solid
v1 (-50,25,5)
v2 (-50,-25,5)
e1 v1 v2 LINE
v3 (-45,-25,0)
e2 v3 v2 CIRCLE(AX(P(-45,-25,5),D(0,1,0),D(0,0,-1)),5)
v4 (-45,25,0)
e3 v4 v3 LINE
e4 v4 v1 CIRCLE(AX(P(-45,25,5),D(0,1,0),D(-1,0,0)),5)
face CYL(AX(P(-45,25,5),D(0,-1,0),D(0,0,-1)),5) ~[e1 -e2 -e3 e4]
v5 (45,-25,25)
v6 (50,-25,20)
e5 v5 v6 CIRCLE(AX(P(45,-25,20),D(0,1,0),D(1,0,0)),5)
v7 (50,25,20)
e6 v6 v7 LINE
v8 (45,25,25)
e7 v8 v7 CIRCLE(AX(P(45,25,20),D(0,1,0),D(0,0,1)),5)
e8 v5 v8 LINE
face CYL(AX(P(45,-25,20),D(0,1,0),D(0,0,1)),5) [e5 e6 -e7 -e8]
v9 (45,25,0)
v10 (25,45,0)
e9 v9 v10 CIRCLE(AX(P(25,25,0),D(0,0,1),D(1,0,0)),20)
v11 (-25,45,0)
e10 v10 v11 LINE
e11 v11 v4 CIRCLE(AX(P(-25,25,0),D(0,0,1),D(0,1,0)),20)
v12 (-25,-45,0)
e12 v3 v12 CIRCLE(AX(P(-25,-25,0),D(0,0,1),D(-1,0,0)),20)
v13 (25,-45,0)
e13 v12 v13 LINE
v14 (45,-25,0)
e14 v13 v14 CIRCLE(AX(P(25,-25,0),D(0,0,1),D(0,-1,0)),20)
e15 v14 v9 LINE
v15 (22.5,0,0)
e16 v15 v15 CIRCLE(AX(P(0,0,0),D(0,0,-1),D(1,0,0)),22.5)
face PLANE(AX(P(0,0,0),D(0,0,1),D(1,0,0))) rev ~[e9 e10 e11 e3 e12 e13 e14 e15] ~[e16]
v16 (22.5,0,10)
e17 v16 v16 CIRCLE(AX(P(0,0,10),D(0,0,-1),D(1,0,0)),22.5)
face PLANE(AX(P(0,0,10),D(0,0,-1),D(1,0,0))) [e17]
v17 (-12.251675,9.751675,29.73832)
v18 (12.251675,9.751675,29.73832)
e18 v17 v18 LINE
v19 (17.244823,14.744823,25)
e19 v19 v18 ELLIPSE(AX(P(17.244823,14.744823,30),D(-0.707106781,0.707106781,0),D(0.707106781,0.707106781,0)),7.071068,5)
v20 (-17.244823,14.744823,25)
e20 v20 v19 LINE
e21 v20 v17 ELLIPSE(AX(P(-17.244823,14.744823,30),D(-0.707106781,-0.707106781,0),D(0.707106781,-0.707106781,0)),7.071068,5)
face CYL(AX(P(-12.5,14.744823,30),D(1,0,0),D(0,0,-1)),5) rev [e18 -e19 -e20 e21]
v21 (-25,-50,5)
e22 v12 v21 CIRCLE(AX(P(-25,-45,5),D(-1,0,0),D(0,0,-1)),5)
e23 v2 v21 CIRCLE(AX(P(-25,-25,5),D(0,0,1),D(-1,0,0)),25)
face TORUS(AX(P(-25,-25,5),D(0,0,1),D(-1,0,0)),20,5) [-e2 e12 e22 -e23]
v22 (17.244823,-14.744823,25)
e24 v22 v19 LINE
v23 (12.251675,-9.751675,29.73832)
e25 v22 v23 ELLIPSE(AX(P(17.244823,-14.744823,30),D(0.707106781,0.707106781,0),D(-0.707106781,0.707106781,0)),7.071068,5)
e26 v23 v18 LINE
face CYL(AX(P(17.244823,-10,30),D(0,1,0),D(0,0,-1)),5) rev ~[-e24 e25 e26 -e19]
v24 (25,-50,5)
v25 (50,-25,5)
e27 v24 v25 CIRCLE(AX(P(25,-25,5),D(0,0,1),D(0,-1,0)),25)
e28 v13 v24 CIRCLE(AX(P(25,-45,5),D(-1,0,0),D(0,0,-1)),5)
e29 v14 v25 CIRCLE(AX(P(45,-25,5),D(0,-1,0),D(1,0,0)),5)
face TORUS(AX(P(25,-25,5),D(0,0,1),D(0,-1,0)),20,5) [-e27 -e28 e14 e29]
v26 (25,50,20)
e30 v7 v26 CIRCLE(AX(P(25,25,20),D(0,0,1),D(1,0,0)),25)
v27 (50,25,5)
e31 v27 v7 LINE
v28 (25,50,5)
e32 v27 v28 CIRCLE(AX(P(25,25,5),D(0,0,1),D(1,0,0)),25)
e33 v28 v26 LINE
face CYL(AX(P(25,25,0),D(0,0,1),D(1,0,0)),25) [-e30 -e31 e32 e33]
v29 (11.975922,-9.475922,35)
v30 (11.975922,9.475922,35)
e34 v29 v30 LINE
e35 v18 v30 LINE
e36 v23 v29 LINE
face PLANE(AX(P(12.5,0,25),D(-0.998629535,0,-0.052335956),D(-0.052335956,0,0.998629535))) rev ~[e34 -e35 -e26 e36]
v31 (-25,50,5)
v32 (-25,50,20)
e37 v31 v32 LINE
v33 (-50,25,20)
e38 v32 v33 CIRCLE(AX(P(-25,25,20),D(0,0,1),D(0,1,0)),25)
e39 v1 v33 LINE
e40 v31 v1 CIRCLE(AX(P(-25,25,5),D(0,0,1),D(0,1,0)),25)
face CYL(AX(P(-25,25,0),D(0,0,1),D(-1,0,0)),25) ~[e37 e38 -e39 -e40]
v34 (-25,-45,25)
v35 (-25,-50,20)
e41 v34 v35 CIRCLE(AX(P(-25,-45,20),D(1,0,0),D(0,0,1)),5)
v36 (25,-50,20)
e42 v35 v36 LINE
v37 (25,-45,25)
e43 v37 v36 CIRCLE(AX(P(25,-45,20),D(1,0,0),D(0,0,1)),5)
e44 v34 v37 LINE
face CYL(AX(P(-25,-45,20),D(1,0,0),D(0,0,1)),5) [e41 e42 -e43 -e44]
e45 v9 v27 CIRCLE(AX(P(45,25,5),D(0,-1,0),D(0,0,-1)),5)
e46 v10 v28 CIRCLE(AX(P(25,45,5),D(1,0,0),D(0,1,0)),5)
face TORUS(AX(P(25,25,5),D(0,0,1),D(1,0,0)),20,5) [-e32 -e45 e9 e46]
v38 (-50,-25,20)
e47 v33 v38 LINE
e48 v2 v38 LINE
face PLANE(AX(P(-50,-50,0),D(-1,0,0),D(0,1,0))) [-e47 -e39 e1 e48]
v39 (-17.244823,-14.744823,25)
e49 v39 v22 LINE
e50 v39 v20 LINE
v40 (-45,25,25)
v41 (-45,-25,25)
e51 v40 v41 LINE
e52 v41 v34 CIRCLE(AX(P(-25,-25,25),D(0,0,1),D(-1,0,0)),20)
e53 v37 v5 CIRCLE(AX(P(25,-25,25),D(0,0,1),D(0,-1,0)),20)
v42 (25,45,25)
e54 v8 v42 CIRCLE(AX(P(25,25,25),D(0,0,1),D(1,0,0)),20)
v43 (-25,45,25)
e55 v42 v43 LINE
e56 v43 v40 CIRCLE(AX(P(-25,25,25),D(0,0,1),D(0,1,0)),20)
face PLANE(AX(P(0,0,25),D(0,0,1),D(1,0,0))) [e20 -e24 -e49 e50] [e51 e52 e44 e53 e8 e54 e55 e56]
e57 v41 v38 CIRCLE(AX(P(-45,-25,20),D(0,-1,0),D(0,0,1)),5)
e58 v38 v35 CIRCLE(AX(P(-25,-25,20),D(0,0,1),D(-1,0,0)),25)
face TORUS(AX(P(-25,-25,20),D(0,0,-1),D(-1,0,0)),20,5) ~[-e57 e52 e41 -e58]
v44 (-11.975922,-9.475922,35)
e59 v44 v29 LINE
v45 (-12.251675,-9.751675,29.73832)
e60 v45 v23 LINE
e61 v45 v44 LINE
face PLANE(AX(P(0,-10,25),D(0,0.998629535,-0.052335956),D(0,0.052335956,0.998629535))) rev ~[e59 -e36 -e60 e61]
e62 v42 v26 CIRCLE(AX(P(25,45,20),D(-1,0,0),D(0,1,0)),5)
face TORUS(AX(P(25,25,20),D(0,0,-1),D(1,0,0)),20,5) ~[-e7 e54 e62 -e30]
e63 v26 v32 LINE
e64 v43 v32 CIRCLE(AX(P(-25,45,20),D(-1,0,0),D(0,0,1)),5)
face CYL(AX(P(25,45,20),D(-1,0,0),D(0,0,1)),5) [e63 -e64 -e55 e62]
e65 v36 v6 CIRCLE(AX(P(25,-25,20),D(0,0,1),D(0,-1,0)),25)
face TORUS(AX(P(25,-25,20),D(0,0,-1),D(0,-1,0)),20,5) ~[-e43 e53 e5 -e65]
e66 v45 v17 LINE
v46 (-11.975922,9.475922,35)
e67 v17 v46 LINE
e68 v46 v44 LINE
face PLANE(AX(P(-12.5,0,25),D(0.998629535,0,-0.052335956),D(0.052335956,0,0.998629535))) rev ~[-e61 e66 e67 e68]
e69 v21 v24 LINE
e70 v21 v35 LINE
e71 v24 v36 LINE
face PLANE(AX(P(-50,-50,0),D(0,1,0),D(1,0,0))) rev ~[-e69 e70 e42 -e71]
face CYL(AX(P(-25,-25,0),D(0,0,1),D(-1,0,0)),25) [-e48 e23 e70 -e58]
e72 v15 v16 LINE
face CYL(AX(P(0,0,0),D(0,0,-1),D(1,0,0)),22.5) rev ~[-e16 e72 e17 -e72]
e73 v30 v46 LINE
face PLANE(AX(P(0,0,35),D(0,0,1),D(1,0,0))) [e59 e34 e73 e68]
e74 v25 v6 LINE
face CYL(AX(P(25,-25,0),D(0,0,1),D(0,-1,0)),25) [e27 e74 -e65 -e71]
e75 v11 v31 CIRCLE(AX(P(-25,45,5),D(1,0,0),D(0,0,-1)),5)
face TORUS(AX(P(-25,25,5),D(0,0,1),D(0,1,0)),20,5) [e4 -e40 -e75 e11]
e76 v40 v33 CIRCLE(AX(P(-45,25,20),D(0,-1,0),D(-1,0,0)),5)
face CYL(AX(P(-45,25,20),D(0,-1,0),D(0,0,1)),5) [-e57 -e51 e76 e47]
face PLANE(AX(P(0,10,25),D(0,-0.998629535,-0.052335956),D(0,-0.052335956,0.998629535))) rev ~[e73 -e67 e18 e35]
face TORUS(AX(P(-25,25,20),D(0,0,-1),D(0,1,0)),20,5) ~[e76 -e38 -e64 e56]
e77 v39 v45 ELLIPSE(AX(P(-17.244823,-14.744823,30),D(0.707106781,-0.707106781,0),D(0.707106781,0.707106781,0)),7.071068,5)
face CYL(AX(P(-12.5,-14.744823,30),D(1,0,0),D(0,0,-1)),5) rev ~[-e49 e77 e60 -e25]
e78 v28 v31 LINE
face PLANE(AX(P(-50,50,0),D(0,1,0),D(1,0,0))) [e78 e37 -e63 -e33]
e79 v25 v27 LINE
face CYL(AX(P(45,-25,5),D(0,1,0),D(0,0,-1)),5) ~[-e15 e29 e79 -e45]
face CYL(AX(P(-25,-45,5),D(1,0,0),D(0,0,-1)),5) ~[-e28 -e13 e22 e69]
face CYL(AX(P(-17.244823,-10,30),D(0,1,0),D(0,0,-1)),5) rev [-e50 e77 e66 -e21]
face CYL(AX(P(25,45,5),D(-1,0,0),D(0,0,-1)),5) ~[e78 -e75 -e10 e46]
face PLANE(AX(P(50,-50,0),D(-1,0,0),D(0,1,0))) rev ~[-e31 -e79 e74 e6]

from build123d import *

# Parameters (mm, degrees)
F1_W     = 100
F1_H     = 100
F2_DEPTH = 25
F3_R     = 25
F4_R     = 5
F5_W     = 25
F5_H     = 20
F6_DEPTH = 10
F6_TAPER = 3
F7_R     = 5
F8_R     = 22.5
F9_DEPTH = 10


with BuildPart() as f2:
    # F1 (on Top) → F2 (new body)
    with BuildSketch(Plane.XY):
        Rectangle(F1_W, F1_H)
    extrude(amount=F2_DEPTH)

    # F3
    f3_edges = [f2.edges().sort_by_distance(p)[0] for p in [
        (50, -50, 12.5),
        (-50, -50, 12.5),
        (-50, 50, 12.5),
        (50, 50, 12.5),
    ]]
    fillet(f3_edges, radius=F3_R)

    # F4
    f4_edges = [f2.edges().sort_by_distance(p)[0] for p in [
        (0, -50, 25),
        (-42.67767, -42.67767, 25),
        (42.67767, -42.67767, 25),
        (-50, 0, 25),
        (50, 0, 25),
        (-42.67767, 42.67767, 25),
        (42.67767, 42.67767, 25),
        (0, 50, 25),
        (0, -50, 0),
        (-42.67767, -42.67767, 0),
        (42.67767, -42.67767, 0),
        (-50, 0, 0),
        (50, 0, 0),
        (-42.67767, 42.67767, 0),
        (42.67767, 42.67767, 0),
        (0, 50, 0),
    ]]
    fillet(f4_edges, radius=F4_R)

    # F5 (on face) → F6 (join)
    with BuildSketch(Plane.XY.offset(25)):
        Rectangle(F5_W, F5_H)
    extrude(amount=F6_DEPTH, taper=F6_TAPER)

    # F7
    f7_edges = [f2.edges().sort_by_distance(p)[0] for p in [
        (0, -45, 25),
        (-39.142136, -39.142136, 25),
        (39.142136, -39.142136, 25),
        (-45, 0, 25),
        (45, 0, 25),
        (-39.142136, 39.142136, 25),
        (39.142136, 39.142136, 25),
        (0, 45, 25),
        (12.5, 0, 25),
        (0, 10, 25),
        (-12.5, 0, 25),
        (0, -10, 25),
    ]]
    fillet(f7_edges, radius=F7_R)

    # F8 (on face) → F9 (cut)
    with BuildSketch(Plane(origin=(0, 0, 0), x_dir=(1, 0, 0), z_dir=(0, 0, -1))):
        Circle(F8_R)
    extrude(amount=-F9_DEPTH, mode=Mode.SUBTRACT)


solid = f2.part
